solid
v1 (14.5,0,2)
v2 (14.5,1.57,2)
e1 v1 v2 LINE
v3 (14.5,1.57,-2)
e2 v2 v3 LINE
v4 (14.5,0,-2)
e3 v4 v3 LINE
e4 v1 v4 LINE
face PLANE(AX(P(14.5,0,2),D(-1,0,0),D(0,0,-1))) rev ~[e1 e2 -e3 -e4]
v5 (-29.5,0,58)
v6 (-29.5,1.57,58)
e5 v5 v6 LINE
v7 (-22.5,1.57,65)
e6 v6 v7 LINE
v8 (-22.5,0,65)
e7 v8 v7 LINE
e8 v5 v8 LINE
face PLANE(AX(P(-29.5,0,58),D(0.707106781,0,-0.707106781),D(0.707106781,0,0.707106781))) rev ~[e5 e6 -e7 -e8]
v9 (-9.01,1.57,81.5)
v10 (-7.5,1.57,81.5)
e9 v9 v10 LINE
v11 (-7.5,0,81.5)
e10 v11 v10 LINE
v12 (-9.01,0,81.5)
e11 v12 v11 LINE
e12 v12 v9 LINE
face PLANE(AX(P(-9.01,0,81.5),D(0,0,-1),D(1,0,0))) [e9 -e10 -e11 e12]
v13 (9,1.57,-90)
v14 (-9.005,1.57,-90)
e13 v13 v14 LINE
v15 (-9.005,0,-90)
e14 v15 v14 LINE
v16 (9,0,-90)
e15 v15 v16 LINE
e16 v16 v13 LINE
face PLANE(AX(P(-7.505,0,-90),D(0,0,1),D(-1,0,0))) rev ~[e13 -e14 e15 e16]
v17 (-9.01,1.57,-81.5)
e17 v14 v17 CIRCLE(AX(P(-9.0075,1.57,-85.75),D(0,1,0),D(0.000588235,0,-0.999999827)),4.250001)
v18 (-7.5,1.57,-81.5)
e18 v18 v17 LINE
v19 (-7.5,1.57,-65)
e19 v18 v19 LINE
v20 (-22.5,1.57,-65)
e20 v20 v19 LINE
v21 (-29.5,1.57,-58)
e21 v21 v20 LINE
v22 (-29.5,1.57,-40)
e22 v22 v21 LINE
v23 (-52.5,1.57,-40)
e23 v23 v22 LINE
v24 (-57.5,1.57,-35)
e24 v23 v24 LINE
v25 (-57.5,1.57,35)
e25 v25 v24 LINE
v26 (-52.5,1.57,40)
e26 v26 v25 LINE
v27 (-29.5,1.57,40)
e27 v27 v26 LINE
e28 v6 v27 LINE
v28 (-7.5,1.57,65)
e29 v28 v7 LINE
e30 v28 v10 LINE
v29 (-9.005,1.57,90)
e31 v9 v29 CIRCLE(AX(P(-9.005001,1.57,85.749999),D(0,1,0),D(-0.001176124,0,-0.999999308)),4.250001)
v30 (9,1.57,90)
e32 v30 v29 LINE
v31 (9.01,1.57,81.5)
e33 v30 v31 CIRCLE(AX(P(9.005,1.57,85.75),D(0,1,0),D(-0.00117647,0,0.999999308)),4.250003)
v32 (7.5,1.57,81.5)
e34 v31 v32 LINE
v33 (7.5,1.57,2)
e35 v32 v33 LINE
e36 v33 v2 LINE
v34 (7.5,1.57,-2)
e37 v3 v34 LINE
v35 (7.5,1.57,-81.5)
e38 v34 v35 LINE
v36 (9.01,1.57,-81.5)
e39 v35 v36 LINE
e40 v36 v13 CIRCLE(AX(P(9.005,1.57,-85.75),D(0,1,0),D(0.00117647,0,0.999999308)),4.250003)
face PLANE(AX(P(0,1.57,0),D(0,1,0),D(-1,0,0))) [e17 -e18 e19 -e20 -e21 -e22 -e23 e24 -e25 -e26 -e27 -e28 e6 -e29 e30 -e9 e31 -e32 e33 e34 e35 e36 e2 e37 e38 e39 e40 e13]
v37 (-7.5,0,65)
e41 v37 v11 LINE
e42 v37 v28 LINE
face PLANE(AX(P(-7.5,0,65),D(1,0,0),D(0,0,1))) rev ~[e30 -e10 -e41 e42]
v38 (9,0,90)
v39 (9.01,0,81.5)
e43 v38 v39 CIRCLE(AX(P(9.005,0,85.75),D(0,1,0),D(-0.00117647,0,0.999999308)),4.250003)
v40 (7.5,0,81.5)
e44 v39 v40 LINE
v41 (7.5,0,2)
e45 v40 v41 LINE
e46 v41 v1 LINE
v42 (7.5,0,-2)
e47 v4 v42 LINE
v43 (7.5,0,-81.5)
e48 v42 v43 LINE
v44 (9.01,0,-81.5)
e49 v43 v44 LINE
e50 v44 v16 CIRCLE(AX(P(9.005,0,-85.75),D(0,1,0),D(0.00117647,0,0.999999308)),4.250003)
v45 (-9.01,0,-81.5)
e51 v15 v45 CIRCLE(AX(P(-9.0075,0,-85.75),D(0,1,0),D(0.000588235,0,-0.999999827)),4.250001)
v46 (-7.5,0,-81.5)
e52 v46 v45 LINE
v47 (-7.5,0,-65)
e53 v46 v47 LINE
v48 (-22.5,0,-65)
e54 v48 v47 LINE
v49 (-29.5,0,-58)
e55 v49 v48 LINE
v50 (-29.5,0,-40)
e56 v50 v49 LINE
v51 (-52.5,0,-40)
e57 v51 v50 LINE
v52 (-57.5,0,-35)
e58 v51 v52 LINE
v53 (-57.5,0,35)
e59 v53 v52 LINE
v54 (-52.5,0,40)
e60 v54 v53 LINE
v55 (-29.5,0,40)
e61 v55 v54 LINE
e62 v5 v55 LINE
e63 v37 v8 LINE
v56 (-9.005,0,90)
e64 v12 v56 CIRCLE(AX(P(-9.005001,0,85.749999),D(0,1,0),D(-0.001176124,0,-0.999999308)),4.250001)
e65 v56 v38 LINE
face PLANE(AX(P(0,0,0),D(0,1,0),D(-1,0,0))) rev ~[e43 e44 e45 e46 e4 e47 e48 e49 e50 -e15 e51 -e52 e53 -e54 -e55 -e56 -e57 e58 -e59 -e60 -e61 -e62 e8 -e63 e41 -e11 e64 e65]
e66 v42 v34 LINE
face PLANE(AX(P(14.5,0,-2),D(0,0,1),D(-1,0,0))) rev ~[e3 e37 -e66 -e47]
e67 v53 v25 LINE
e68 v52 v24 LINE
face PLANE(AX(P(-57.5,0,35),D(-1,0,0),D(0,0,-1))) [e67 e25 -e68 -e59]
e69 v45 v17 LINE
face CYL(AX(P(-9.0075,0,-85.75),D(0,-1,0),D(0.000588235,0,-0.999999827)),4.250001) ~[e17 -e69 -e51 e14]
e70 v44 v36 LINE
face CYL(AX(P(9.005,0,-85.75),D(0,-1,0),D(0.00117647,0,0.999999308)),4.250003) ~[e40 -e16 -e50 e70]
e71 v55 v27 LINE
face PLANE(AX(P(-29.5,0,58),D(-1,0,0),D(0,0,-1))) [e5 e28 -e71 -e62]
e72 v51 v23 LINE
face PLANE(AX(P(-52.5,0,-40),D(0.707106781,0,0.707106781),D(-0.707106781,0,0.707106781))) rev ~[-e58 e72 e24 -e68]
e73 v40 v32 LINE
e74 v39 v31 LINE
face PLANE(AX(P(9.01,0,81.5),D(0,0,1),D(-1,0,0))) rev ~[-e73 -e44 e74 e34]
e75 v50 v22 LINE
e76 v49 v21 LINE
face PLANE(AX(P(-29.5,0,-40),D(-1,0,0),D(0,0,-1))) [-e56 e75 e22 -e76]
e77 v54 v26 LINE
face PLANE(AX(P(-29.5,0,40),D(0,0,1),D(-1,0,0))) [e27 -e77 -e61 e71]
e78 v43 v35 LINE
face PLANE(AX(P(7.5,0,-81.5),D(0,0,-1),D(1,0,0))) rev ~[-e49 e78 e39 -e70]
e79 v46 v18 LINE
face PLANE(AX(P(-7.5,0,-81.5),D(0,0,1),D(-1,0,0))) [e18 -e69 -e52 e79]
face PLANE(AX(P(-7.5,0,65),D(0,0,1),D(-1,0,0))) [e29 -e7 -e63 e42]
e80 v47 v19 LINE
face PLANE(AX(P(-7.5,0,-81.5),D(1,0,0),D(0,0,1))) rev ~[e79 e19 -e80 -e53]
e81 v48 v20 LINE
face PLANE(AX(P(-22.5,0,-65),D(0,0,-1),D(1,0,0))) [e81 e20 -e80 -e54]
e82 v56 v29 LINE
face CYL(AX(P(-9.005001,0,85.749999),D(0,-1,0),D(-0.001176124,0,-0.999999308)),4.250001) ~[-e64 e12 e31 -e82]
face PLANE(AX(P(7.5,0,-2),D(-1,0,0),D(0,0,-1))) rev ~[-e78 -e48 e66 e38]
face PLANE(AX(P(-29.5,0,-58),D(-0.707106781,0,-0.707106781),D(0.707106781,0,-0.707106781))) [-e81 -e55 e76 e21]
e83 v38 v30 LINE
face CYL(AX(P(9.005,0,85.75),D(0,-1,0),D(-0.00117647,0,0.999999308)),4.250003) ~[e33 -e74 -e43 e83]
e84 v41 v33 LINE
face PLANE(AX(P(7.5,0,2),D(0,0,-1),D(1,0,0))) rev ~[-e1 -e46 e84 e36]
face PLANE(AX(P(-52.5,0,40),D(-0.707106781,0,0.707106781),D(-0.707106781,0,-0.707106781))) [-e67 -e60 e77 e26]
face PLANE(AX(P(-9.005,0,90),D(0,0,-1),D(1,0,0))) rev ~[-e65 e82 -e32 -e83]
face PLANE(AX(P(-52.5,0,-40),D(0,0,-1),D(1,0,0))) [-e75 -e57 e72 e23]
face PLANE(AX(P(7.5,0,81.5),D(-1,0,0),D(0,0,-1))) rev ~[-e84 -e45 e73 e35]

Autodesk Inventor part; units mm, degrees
ref_plane "YZ Plane" through (0, 0, 0) normal (1, 0, 0) x (0, 1, 0)
ref_plane "XZ Plane" through (0, 0, 0) normal (0, 1, 0) x (-1, 0, 0)
ref_plane "XY Plane" through (0, 0, 0) normal (0, 0, 1) x (1, 0, 0)
sketch "Sketch1" plane through (0, 0, 0) normal (0, 1, 0) x (-1, 0, 0)
  line L0 (7.5, 90) -> (-7.5, 90)
  line L1 (-7.5, -90) -> (7.505, -90)
  line L2 (7.5, -86.9) -> (7.5, -84.6)
  line L3 (29.5, 40) -> (52.5, 40)
  line L4 (57.5, 35) -> (57.5, -35)
  line L5 (52.5, -40) -> (29.5, -40)
  line L6 (-7.5, 2) -> (-14.5, 2)
  line L7 (-14.5, 2) -> (-14.5, -2)
  line L8 (-14.5, -2) -> (-7.5, -2)
  circle A0 centre (-12.5, 0) radius 1.5
  line L9 (52.5, -40) -> (57.5, -35)
  line L10 (52.5, 40) -> (57.5, 35)
  line L11 (7.505, -90) -> (9.005, -90)
  line L12 (7.5, -81.5) -> (9.01, -81.5)
  arc A1 (9.005, -90) -> (9.01, -81.5) centre (9.0075, -85.75) ccw
  line L13 (7.5, -84.6) -> (9, -84.6)
  line L14 (7.5, -86.9) -> (9, -86.9)
  arc A2 (9, -86.9) -> (9, -84.6) centre (9, -85.75) ccw
  line L15 (-7.5, -90) -> (-9, -90)
  line L16 (-7.5, -81.5) -> (-9.01, -81.5)
  arc A3 (-9.01, -81.5) -> (-9, -90) centre (-9.005, -85.75) ccw
  line L17 (-7.5, -84.6) -> (-9, -84.6)
  line L18 (-7.5, -86.9) -> (-9, -86.9)
  arc A4 (-9, -84.6) -> (-9, -86.9) centre (-9, -85.75) ccw
  arc A5 (9.01, 81.5) -> (9.005, 90) centre (9.005, 85.75) ccw
  arc A6 (9, 84.6) -> (9, 86.9) centre (9, 85.75) ccw
  arc A7 (-9, 86.9) -> (-9, 84.6) centre (-9, 85.75) ccw
  arc A8 (-9, 90) -> (-9.01, 81.5) centre (-9.005, 85.75) ccw
  line L19 (9.005, 90) -> (7.5, 90)
  line L20 (9.01, 81.5) -> (7.5, 81.5)
  line L21 (-9, 90) -> (-7.5, 90)
  line L22 (-9.01, 81.5) -> (-7.5, 81.5)
  line L23 (7.5, 65) -> (22.5, 65)
  line L24 (22.5, -65) -> (7.5, -65)
  line L25 (7.5, -65) -> (7.5, -40)
  line L26 (29.5, 58) -> (22.5, 65)
  line L27 (29.5, -58) -> (22.5, -65)
  line L28 (9, 84.6) -> (7.5, 84.6)
  line L29 (9, 86.9) -> (7.5, 86.9)
  line L30 (-9, 86.9) -> (-7.5, 86.9)
  line L31 (-9, 84.6) -> (-7.5, 84.6)
  circle A9 centre (51.5, 0) radius 1.5
  line L32 (7.5, 84.6) -> (7.5, 86.9)
  line L33 (-7.5, 86.9) -> (-7.5, 84.6)
  line L34 (7.5, 65) -> (7.5, 81.5)
  line L35 (29.5, 58) -> (29.5, 40)
  line L36 (29.5, -40) -> (29.5, -58)
  line L37 (-7.5, 81.5) -> (-7.5, 2)
  line L38 (7.5, -86.9) -> (7.5, -84.6)
  line L39 (7.5, -81.5) -> (7.5, -65)
  line L40 (-7.5, -2) -> (-7.5, -81.5)
  line L41 (-7.5, -84.6) -> (-7.5, -86.9)
  point P0 (0, 0)
  point P1 (0, 0)
  point P2 (0, 0)
  point P3 (57.5, -40)
  point P4 (57.5, 40)
  point P5 (57.5, 0)
  point P6 (15, 0)
  point P7 (-11, -2)
  point P8 (-14.5, 0)
  point P9 (-7.5, 0)
  point P10 (8.255, -90)
  point P11 (8.255, -81.5)
  point P12 (-8.25, -90)
  point P13 (-8.255, -81.5)
  point P14 (8.25, 90)
  point P15 (8.255, 81.5)
  point P16 (-8.25, 90)
  point P17 (-8.255, 81.5)
  point P18 (29.5, -65)
  point P19 (29.5, 65)
  point P20 (29.5, 0)
  point P21 (0, 0)
  point P22 (7.5, 85.75)
  dimension "d5" = 50
  dimension "d6" = 80
  dimension "d7" = 3
  dimension "d8" = 4
  dimension "d10" = 5
  dimension "d11" = 5
  dimension "d12" = 5
  dimension "d13" = 5
  dimension "d14" = 5
  dimension "d17" = 180
  dimension "d18" = 1.5
  dimension "d19" = 1.51
  dimension "d20" = 8.5
  dimension "d21" = 1.5
  dimension "d22" = 3.1
  dimension "d23" = 1.5
  dimension "d24" = 2.3
  dimension "d26" = 130
  dimension "d27" = 22
  dimension "d28" = 7
  dimension "d29" = 7
  dimension "d30" = 7
  dimension "d31" = 7
  dimension "d32" = 3
  dimension "d33" = 6
  dimension "d34" = 40
  dimension "d35" = 1.5
  dimension "d36" = 4.25
  dimension "d37" = 1.15
  dimension "d38" = 25
  dimension "d39" = 23
  dimension "d40" = 130
extrude "Extrusion1" add sketch "Sketch1" along normal blind 1.57 contours L19 A5 L20 L34 L23 L26 L35 L3 L10 L4 L9 L5 L36 L27 L24 L39 L12 A1 L11 L1 L15 A3 L16 L40 L8 L7 L6 L37 L22 A8 L21 L0 | L2 L13 A2 L14 | A0 | L41 L18 A4 L17 | L28 L32 L29 A6 | L30 L33 L31 A7 | A9
sketch "Sketch2" plane through (0, 1.57, 0) normal (0, 1, 0) x (1, 0, 0)
  point P0 (0, 0)
equation "\"d12\" = d11"
equation "\"d13\" = d11"
equation "\"d14\" = d13"
equation "\"d29\" = d28"
equation "\"d30\" = d28"
equation "\"d31\" = d30"
properties part number "linefollower_chassy_model"
